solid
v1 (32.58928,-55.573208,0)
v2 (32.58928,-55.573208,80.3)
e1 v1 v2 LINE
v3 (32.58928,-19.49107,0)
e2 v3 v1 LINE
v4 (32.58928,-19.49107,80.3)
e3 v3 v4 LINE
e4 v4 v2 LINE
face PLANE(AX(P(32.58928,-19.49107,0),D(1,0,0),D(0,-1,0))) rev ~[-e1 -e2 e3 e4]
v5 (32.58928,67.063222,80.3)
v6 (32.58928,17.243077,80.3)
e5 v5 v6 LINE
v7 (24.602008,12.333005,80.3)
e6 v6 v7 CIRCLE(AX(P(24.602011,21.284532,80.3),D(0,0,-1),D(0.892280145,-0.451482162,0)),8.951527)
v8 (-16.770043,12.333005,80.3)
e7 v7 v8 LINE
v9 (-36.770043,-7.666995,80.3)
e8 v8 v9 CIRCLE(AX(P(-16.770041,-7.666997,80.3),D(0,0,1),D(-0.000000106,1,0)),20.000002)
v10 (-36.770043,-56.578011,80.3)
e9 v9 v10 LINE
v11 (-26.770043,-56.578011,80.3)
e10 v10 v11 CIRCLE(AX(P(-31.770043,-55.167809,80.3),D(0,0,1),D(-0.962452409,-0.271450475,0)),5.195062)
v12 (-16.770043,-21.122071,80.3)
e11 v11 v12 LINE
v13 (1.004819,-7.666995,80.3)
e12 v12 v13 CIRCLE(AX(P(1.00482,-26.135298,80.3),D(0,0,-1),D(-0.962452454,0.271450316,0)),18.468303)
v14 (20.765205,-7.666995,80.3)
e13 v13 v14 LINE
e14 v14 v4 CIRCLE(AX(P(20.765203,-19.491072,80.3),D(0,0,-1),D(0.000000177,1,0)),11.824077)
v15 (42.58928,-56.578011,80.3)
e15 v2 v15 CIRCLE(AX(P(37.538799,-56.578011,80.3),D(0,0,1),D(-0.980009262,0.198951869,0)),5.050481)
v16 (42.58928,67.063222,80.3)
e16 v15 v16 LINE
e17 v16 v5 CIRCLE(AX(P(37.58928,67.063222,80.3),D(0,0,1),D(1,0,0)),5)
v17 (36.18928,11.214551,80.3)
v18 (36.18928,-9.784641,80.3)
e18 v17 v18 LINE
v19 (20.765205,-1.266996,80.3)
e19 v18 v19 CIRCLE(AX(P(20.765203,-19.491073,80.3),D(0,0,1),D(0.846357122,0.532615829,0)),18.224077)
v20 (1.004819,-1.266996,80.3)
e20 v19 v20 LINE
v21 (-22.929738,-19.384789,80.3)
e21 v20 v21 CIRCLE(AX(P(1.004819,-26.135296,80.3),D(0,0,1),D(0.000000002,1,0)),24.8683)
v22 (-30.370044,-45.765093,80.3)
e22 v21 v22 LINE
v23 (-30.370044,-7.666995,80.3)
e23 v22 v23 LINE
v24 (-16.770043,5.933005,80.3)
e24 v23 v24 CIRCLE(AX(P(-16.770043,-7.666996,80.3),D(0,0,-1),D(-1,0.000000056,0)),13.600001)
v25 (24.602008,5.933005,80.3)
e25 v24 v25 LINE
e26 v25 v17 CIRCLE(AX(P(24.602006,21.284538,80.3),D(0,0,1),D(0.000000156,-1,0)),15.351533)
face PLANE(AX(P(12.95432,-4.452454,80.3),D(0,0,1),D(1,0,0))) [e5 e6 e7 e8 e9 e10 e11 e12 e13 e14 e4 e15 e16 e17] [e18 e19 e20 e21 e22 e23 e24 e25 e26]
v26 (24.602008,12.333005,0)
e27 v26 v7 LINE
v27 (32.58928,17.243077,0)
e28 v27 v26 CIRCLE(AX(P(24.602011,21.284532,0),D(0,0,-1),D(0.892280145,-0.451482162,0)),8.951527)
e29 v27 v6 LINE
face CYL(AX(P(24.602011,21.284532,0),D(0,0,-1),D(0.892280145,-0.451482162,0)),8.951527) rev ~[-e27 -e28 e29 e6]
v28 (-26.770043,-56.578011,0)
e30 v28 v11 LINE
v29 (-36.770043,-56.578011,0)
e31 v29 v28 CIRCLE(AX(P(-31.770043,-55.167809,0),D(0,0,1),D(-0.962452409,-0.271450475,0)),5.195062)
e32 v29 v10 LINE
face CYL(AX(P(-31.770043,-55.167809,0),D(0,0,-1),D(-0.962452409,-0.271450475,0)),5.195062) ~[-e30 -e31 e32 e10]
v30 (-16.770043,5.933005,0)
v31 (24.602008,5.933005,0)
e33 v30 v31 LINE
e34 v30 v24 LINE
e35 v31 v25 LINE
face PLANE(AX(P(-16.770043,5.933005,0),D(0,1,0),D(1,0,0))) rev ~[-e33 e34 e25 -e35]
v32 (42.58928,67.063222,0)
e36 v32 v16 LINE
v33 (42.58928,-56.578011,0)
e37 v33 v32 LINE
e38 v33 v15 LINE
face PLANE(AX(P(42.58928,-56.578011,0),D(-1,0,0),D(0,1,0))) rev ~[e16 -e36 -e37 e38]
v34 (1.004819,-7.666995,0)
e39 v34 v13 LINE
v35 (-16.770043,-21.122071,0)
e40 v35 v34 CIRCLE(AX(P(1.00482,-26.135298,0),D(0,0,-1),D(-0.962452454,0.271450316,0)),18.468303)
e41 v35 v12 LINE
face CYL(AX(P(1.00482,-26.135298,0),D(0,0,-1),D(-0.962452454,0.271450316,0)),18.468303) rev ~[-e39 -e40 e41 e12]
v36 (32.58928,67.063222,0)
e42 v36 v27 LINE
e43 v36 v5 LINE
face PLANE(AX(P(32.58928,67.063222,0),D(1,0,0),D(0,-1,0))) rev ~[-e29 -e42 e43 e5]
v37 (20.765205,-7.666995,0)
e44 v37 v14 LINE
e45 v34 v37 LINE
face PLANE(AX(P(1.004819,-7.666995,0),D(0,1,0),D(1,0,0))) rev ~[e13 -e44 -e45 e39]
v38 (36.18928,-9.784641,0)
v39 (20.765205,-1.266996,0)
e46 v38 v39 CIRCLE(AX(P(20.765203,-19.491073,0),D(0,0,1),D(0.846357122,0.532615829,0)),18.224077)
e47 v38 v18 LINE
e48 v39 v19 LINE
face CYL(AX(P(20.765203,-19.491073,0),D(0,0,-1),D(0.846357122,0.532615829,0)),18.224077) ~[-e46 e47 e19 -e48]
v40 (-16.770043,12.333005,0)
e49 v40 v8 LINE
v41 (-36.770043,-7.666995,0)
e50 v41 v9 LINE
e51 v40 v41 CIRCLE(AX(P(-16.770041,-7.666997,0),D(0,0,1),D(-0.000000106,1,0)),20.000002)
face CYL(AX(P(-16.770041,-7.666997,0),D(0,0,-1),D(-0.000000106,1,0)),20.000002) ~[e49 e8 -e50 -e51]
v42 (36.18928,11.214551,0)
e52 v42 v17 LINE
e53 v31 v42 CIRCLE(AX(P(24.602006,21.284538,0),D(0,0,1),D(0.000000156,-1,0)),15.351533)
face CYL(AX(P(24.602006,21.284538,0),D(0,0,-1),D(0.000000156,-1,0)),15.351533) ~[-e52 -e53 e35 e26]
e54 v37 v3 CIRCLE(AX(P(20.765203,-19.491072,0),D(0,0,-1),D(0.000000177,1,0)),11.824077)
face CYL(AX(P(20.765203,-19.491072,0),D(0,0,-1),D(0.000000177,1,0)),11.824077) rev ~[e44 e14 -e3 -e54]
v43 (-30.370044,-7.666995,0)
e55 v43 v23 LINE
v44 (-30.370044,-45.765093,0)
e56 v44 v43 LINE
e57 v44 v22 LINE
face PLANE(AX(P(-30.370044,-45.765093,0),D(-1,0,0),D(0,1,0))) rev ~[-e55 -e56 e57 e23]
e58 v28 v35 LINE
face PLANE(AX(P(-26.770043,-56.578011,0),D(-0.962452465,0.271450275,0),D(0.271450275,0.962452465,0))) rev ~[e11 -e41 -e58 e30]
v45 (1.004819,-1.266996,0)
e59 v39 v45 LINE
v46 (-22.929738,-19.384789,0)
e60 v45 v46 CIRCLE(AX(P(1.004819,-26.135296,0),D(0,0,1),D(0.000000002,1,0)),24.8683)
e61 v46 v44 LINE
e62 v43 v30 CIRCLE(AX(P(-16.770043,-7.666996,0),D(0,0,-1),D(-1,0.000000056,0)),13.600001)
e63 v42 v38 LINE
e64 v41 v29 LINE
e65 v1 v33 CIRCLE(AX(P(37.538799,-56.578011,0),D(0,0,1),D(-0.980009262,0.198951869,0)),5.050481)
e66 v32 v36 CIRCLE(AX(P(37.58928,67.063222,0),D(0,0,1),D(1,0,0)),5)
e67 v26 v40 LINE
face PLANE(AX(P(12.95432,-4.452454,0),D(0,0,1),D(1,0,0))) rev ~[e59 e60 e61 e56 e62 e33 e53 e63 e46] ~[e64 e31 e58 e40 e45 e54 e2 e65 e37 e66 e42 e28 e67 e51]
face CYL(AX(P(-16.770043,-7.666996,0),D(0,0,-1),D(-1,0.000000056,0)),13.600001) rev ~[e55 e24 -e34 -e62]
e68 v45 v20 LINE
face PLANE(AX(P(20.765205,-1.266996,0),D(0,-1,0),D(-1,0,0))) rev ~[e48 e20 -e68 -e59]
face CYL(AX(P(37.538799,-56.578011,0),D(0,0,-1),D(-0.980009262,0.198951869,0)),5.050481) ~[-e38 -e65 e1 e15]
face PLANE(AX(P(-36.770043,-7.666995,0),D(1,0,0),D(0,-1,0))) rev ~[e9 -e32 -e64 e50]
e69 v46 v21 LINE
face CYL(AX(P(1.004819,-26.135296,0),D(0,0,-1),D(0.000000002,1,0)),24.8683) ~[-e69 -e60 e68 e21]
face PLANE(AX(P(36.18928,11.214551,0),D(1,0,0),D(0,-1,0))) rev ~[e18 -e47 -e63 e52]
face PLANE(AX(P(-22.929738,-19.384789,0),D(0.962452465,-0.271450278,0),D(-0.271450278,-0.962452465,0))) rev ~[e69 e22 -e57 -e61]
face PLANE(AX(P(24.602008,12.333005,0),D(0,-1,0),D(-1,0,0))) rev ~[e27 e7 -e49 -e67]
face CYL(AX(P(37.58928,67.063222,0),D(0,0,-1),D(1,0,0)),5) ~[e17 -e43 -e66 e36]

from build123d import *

# Parameters (mm, degrees)
F1_DEPTH = 80.3


with BuildPart() as f1:
    # F0 (on Top) → F1 (new body)
    with BuildSketch(Plane.XY):
        with BuildLine():
            Line((-36.770043, -7.666995), (-36.770043, -56.578011))
            ThreePointArc((-36.770043, -56.578011), (-31.770043, -60.362871), (-26.770043, -56.578011))
            Line((-26.770043, -56.578011), (-16.770043, -21.122071))
            ThreePointArc((-16.770043, -21.122071), (-10.141759, -11.410082), (1.004819, -7.666995))
            Line((1.004819, -7.666995), (20.765205, -7.666995))
            ThreePointArc((20.765205, -7.666995), (29.126088, -11.130187), (32.58928, -19.49107))
            Line((32.58928, -19.49107), (32.58928, -55.573208))
            ThreePointArc((32.58928, -55.573208), (37.033867, -61.603188), (42.58928, -56.578011))
            Line((42.58928, -56.578011), (42.58928, 67.063222))
            ThreePointArc((42.58928, 67.063222), (37.58928, 72.063222), (32.58928, 67.063222))
            Line((32.58928, 67.063222), (32.58928, 17.243077))
            ThreePointArc((32.58928, 17.243077), (29.2899, 13.658686), (24.602008, 12.333005))
            Line((24.602008, 12.333005), (-16.770043, 12.333005))
            ThreePointArc((-16.770043, 12.333005), (-30.912178, 6.47514), (-36.770043, -7.666995))
        make_face()
        with BuildLine():
            Line((-16.770043, 5.933005), (24.602008, 5.933005))
            ThreePointArc((24.602008, 5.933005), (30.969103, 7.315657), (36.18928, 11.214551))
            Line((36.18928, 11.214551), (36.18928, -9.784641))
            ThreePointArc((36.18928, -9.784641), (29.575034, -3.537896), (20.765205, -1.266996))
            Line((20.765205, -1.266996), (1.004819, -1.266996))
            ThreePointArc((1.004819, -1.266996), (-14.00449, -6.30721), (-22.929738, -19.384789))
            Line((-22.929738, -19.384789), (-30.370044, -45.765093))
            Line((-30.370044, -45.765093), (-30.370044, -7.666995))
            ThreePointArc((-30.370044, -7.666995), (-26.386696, 1.949657), (-16.770043, 5.933005))
        make_face(mode=Mode.SUBTRACT)
    extrude(amount=F1_DEPTH)


solid = f1.part
